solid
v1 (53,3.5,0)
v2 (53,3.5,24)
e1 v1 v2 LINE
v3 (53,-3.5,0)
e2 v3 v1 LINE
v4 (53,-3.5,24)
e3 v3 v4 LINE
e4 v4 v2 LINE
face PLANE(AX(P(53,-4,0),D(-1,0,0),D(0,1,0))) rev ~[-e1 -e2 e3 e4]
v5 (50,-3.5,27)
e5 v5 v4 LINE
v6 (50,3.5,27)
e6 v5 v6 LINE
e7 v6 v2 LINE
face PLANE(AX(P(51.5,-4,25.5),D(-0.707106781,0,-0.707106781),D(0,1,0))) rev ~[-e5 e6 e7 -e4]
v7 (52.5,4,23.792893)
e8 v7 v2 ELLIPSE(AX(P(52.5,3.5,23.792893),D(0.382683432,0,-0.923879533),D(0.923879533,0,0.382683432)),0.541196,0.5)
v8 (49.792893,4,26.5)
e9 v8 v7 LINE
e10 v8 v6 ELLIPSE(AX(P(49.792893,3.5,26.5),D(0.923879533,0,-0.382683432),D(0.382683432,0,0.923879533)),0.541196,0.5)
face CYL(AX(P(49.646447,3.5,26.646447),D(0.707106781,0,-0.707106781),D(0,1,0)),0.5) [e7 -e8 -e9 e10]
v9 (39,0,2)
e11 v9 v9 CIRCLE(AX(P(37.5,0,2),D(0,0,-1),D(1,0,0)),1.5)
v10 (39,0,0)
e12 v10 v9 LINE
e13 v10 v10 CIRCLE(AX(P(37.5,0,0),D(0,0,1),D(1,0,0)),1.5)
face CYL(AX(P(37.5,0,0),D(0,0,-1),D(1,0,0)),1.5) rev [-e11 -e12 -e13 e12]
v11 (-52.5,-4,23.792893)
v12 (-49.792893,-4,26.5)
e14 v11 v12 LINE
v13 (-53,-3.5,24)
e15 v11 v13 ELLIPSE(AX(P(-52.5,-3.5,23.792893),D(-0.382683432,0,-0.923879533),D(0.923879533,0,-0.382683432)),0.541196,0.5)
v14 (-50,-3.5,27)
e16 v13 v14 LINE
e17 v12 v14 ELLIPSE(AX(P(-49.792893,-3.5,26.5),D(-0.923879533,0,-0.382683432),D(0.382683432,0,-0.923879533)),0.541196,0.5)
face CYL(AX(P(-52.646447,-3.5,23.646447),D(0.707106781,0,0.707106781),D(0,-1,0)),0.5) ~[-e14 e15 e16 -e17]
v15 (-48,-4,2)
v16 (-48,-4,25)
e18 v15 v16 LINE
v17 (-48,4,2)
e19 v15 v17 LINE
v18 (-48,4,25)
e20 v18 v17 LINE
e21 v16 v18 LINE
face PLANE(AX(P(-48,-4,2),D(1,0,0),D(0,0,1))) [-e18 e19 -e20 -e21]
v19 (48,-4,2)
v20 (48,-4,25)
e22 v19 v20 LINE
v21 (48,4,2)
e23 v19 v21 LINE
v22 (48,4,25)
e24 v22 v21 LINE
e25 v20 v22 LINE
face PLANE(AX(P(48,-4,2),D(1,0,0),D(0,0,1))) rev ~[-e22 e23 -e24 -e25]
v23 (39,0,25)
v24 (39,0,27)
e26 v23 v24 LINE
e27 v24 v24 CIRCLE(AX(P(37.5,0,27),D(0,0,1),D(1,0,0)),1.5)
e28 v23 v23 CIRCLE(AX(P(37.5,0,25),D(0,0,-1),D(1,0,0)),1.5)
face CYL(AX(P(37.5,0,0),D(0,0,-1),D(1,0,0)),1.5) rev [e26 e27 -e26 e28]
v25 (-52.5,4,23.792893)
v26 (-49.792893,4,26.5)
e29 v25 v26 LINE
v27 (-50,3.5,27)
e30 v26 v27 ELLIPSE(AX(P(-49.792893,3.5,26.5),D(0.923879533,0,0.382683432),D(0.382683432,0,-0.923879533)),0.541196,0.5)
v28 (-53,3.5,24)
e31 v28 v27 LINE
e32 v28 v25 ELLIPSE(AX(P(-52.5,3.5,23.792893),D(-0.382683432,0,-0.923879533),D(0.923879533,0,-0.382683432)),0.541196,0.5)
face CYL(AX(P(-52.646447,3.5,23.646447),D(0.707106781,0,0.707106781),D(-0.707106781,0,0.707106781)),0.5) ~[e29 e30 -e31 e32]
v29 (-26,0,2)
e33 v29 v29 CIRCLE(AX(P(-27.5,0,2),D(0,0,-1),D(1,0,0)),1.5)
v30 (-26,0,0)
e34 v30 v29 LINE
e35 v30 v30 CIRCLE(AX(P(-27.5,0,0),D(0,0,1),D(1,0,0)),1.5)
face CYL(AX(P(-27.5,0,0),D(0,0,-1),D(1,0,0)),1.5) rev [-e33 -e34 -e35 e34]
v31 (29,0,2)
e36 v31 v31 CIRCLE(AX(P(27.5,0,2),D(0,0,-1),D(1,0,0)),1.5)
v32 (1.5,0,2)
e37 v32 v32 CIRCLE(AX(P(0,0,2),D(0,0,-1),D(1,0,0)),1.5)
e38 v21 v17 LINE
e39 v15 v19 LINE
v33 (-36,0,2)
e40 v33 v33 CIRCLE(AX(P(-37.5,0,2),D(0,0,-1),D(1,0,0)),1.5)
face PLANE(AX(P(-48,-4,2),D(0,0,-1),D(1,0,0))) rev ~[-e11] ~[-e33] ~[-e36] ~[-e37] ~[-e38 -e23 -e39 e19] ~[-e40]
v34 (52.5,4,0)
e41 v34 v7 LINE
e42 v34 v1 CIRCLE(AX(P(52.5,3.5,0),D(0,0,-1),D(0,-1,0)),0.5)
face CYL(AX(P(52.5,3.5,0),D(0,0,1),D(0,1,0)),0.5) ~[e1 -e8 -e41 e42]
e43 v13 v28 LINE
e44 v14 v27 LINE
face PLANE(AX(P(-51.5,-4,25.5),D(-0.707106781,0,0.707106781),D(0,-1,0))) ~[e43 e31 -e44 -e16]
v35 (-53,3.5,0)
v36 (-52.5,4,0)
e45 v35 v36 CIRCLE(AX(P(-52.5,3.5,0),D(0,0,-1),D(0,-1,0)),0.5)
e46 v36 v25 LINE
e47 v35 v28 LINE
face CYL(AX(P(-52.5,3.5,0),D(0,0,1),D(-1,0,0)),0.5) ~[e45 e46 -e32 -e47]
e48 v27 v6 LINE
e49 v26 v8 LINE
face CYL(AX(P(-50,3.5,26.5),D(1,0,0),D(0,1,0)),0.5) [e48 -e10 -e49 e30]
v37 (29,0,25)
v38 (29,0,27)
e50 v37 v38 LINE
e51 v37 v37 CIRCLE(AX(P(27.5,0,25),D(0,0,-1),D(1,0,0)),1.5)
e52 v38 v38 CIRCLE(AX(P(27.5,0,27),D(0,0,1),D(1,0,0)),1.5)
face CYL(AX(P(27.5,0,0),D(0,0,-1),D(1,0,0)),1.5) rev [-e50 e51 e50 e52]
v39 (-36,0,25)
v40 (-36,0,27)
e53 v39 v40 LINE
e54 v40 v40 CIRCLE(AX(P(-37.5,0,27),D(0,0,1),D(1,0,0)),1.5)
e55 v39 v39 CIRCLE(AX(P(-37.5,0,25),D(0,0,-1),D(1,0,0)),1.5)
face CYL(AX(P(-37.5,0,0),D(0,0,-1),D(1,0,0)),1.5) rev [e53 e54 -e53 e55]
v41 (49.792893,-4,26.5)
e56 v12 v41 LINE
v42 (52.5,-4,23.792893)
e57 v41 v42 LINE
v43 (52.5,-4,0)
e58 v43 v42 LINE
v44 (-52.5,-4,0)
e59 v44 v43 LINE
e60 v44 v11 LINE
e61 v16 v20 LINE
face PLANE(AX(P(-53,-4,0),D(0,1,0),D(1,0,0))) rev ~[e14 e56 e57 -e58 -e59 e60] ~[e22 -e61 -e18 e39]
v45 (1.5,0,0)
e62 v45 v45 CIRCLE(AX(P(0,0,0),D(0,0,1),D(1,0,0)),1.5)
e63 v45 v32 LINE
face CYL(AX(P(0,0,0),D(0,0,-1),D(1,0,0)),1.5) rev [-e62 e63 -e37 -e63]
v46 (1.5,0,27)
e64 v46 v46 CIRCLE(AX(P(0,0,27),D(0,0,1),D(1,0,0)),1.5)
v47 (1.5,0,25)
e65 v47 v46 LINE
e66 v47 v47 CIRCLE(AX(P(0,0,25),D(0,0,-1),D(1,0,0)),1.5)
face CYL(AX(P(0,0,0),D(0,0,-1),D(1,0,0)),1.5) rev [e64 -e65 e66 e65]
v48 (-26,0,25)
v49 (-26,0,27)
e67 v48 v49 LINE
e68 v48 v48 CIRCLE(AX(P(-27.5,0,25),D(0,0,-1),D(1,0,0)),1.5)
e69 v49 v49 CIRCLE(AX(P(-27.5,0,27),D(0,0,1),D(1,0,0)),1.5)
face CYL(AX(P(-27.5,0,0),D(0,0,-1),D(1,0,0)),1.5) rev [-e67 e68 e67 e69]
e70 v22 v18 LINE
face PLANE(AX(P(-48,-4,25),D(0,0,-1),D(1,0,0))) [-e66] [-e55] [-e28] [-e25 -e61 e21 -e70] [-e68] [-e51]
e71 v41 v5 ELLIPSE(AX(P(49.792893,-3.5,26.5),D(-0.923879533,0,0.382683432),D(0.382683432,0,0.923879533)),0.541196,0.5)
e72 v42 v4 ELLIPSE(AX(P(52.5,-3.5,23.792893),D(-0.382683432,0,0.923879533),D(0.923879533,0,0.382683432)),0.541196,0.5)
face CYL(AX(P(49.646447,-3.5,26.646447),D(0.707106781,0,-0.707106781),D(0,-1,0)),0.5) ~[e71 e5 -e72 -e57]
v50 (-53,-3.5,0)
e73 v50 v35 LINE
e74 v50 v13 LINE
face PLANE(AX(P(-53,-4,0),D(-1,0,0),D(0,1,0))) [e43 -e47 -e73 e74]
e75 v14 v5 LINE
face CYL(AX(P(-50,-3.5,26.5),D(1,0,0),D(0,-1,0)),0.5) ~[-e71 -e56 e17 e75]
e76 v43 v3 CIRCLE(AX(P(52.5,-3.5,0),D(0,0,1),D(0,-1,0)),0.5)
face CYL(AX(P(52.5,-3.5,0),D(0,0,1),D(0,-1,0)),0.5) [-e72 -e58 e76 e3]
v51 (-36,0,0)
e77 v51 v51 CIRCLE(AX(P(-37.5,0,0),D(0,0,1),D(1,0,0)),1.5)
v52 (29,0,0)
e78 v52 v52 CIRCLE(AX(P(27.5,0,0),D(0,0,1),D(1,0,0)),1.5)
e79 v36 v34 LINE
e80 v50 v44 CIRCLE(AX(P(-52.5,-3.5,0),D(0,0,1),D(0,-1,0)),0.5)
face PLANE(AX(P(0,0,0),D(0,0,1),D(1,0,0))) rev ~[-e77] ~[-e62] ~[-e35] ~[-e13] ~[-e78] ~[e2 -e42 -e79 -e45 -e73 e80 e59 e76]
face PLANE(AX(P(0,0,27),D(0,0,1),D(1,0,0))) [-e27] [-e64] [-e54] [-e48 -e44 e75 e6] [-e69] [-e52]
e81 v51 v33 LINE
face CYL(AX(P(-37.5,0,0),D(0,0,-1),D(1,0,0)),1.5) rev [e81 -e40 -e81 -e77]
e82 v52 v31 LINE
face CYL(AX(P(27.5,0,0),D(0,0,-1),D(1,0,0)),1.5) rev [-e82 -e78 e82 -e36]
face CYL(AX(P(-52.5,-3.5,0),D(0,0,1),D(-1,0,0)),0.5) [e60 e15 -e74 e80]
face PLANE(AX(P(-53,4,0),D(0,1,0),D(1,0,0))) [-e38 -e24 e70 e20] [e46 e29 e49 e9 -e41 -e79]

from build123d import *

# Parameters (mm, degrees)
F1_W     = 106
F1_H     = 8
F1_R     = 1.5
F2_DEPTH = 27
F3_W     = 96
F3_H     = 23
F4_DEPTH = 25
F5_SIZE  = 3
F6_R     = 0.5


with BuildPart() as f2:
    # F1 (on Top) → F2 (new body)
    with BuildSketch(Plane.XY):
        Rectangle(F1_W, F1_H)
        with Locations((-37.5, 0)):
            Circle(F1_R, mode=Mode.SUBTRACT)
        with Locations((-27.5, 0)):
            Circle(F1_R, mode=Mode.SUBTRACT)
        Circle(F1_R, mode=Mode.SUBTRACT)
        with Locations((27.5, 0)):
            Circle(F1_R, mode=Mode.SUBTRACT)
        with Locations((37.5, 0)):
            Circle(F1_R, mode=Mode.SUBTRACT)
    extrude(amount=F2_DEPTH)

    # F3 (on face) → F4 (cut)
    with BuildSketch(Plane.XZ.offset(4)):
        with Locations((0, 13.5)):
            Rectangle(F3_W, F3_H)
    extrude(amount=-F4_DEPTH, mode=Mode.SUBTRACT)

    # F5
    f5_edges = [f2.edges().sort_by_distance(p)[0] for p in [
        (-53, 0, 27),
        (53, 0, 27),
    ]]
    chamfer(f5_edges, length=F5_SIZE)

    # F6
    f6_edges = [f2.edges().sort_by_distance(p)[0] for p in [
        (0, -4, 27),
        (0, 4, 27),
        (51.5, -4, 25.5),
        (53, -4, 12),
        (51.5, 4, 25.5),
        (53, 4, 12),
        (-51.5, -4, 25.5),
        (-51.5, 4, 25.5),
        (-53, -4, 12),
        (-53, 4, 12),
    ]]
    fillet(f6_edges, radius=F6_R)


solid = f2.part
